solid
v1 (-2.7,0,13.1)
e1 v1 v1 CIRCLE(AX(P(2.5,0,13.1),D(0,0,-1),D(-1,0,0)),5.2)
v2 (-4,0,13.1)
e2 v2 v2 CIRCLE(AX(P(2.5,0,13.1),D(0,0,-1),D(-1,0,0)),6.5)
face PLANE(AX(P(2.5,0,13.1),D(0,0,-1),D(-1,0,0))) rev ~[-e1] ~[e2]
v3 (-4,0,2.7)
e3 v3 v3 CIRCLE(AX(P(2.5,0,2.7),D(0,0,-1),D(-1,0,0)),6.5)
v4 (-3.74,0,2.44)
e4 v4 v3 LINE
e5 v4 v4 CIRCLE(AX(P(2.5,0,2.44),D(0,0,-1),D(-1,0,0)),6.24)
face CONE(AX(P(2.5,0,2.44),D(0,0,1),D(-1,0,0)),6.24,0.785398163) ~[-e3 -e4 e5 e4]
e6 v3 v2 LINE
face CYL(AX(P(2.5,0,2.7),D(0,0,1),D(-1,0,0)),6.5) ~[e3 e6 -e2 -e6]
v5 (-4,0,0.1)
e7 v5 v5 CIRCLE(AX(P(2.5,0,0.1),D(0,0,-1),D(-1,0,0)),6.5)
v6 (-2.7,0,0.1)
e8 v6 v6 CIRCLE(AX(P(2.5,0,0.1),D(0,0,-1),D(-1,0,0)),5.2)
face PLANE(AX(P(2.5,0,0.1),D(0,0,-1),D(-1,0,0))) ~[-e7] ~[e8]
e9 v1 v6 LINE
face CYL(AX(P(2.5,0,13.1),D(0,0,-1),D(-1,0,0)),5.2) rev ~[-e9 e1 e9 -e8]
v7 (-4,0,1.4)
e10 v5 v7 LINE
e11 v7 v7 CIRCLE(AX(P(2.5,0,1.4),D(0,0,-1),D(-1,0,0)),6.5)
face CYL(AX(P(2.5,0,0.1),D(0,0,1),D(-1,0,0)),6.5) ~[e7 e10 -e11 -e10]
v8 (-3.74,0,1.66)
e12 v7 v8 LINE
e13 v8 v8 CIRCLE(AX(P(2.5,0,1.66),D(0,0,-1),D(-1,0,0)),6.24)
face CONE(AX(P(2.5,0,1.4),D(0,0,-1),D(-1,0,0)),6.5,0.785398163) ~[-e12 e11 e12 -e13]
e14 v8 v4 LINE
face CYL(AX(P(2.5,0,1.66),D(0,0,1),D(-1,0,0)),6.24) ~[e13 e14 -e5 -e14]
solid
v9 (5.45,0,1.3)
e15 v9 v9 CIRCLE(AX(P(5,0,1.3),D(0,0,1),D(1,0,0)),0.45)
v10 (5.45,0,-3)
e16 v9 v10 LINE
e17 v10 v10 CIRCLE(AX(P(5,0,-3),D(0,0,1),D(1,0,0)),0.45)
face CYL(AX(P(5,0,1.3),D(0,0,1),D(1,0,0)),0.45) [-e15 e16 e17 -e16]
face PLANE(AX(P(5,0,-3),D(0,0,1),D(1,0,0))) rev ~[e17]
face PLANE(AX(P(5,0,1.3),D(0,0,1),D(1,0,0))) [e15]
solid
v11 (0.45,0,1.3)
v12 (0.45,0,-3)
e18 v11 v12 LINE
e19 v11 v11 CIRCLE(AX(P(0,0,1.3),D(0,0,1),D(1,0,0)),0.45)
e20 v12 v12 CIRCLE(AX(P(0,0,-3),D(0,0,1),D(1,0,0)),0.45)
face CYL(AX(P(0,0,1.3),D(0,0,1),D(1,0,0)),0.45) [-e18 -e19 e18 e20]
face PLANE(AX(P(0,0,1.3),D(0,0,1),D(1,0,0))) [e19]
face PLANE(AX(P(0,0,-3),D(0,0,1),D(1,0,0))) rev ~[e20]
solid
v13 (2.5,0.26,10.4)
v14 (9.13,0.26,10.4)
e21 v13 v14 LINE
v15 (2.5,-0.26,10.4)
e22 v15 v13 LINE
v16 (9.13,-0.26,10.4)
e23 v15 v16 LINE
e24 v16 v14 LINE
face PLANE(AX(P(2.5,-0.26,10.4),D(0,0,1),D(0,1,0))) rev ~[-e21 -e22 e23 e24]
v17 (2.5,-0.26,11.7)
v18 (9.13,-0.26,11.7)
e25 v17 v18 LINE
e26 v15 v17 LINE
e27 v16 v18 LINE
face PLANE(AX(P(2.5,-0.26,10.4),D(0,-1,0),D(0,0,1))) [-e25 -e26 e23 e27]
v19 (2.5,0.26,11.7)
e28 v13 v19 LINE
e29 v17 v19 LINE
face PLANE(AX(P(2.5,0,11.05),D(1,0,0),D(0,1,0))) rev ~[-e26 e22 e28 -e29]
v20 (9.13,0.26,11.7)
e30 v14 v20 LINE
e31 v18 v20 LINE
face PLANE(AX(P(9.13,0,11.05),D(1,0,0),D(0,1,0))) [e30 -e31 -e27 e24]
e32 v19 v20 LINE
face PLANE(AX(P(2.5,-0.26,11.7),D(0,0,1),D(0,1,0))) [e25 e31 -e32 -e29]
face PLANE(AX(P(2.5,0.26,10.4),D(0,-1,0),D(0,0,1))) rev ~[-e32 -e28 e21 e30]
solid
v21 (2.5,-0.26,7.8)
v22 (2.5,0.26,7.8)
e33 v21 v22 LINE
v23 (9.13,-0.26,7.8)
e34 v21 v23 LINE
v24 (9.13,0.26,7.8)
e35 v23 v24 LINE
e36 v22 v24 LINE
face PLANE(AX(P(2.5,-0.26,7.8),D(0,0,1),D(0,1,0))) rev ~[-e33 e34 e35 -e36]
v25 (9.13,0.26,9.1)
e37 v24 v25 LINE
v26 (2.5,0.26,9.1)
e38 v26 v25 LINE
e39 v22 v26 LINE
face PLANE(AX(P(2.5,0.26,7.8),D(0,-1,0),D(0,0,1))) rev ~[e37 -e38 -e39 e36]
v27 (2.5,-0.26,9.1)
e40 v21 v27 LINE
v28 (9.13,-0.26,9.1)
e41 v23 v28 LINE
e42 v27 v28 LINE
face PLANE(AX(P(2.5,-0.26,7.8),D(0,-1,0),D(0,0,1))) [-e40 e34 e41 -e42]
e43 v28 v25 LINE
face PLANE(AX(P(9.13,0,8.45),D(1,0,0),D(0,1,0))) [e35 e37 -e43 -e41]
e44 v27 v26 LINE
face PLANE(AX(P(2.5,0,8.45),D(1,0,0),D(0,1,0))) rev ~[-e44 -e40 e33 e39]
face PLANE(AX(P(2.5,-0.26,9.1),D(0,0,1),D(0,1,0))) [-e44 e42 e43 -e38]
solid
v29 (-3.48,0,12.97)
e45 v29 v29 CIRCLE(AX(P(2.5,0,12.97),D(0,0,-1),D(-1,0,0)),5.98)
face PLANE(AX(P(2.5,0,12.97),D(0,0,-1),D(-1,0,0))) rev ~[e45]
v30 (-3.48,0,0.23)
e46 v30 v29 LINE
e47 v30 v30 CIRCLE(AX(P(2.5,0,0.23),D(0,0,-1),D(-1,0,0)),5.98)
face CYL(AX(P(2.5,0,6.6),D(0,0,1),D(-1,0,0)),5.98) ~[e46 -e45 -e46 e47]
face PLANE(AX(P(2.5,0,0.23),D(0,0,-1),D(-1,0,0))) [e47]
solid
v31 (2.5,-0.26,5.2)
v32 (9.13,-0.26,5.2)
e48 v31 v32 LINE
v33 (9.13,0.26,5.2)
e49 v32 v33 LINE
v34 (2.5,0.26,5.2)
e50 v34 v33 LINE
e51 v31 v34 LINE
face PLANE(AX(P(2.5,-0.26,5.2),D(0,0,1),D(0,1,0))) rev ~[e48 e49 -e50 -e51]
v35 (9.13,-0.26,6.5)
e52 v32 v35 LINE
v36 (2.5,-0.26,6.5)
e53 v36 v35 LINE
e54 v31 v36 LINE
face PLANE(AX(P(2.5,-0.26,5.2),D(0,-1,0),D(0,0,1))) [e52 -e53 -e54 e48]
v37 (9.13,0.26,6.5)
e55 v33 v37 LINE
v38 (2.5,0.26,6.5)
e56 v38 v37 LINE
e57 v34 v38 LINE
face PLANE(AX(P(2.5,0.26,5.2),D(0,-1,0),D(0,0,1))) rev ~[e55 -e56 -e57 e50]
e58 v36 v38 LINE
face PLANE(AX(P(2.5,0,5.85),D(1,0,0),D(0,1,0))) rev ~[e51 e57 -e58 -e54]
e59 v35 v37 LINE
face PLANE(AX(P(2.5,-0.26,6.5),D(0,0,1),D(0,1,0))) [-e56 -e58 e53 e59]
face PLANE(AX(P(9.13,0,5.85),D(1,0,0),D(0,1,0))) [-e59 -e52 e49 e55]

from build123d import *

# Parameters (mm, degrees)
SKETCH002_W  = 5.98
SKETCH002_H  = 12.74
SKETCH003_R  = 0.45
PAD_DEPTH    = 4.3
SKETCH004_W  = 0.52
SKETCH004_H  = 1.3
PAD001_DEPTH = 6.63


with BuildPart() as revolution:
    # Sketch → Revolution (revolve)
    with BuildSketch(Plane.XZ):
        Polygon((-4, 0.1), (-4, 1.4), (-3.74, 1.66), (-3.74, 2.44), (-4, 2.7), (-4, 13.1), (-2.7, 13.1), (-2.7, 0.1), align=None)
    revolve(axis=Axis((2.5, 0, 7.548619), (0, 0, -1)))


with BuildPart() as revolution001:
    # Sketch002 → Revolution001 (revolve)
    with BuildSketch(Plane.XZ):
        with Locations((-0.49, 6.6)):
            Rectangle(SKETCH002_W, SKETCH002_H)
    revolve(axis=Axis((2.5, 0, 4.680116), (0, 0, -1)))


with BuildPart() as pad:
    # Sketch003 → Pad (new body)
    with BuildSketch(Plane.XY.offset(1.3)):
        Circle(SKETCH003_R)
        with Locations((5, 0)):
            Circle(SKETCH003_R)
    extrude(amount=-PAD_DEPTH)


with BuildPart() as pad001:
    # Sketch004 → Pad001 (new body)
    with BuildSketch(Plane.YZ.offset(2.5)):
        with Locations((0, 5.85)):
            Rectangle(SKETCH004_W, SKETCH004_H)
        with Locations((0, 8.45)):
            Rectangle(SKETCH004_W, SKETCH004_H)
        with Locations((0, 11.05)):
            Rectangle(SKETCH004_W, SKETCH004_H)
    extrude(amount=PAD001_DEPTH)


solid = Compound([revolution.part, revolution001.part, pad.part, pad001.part])
